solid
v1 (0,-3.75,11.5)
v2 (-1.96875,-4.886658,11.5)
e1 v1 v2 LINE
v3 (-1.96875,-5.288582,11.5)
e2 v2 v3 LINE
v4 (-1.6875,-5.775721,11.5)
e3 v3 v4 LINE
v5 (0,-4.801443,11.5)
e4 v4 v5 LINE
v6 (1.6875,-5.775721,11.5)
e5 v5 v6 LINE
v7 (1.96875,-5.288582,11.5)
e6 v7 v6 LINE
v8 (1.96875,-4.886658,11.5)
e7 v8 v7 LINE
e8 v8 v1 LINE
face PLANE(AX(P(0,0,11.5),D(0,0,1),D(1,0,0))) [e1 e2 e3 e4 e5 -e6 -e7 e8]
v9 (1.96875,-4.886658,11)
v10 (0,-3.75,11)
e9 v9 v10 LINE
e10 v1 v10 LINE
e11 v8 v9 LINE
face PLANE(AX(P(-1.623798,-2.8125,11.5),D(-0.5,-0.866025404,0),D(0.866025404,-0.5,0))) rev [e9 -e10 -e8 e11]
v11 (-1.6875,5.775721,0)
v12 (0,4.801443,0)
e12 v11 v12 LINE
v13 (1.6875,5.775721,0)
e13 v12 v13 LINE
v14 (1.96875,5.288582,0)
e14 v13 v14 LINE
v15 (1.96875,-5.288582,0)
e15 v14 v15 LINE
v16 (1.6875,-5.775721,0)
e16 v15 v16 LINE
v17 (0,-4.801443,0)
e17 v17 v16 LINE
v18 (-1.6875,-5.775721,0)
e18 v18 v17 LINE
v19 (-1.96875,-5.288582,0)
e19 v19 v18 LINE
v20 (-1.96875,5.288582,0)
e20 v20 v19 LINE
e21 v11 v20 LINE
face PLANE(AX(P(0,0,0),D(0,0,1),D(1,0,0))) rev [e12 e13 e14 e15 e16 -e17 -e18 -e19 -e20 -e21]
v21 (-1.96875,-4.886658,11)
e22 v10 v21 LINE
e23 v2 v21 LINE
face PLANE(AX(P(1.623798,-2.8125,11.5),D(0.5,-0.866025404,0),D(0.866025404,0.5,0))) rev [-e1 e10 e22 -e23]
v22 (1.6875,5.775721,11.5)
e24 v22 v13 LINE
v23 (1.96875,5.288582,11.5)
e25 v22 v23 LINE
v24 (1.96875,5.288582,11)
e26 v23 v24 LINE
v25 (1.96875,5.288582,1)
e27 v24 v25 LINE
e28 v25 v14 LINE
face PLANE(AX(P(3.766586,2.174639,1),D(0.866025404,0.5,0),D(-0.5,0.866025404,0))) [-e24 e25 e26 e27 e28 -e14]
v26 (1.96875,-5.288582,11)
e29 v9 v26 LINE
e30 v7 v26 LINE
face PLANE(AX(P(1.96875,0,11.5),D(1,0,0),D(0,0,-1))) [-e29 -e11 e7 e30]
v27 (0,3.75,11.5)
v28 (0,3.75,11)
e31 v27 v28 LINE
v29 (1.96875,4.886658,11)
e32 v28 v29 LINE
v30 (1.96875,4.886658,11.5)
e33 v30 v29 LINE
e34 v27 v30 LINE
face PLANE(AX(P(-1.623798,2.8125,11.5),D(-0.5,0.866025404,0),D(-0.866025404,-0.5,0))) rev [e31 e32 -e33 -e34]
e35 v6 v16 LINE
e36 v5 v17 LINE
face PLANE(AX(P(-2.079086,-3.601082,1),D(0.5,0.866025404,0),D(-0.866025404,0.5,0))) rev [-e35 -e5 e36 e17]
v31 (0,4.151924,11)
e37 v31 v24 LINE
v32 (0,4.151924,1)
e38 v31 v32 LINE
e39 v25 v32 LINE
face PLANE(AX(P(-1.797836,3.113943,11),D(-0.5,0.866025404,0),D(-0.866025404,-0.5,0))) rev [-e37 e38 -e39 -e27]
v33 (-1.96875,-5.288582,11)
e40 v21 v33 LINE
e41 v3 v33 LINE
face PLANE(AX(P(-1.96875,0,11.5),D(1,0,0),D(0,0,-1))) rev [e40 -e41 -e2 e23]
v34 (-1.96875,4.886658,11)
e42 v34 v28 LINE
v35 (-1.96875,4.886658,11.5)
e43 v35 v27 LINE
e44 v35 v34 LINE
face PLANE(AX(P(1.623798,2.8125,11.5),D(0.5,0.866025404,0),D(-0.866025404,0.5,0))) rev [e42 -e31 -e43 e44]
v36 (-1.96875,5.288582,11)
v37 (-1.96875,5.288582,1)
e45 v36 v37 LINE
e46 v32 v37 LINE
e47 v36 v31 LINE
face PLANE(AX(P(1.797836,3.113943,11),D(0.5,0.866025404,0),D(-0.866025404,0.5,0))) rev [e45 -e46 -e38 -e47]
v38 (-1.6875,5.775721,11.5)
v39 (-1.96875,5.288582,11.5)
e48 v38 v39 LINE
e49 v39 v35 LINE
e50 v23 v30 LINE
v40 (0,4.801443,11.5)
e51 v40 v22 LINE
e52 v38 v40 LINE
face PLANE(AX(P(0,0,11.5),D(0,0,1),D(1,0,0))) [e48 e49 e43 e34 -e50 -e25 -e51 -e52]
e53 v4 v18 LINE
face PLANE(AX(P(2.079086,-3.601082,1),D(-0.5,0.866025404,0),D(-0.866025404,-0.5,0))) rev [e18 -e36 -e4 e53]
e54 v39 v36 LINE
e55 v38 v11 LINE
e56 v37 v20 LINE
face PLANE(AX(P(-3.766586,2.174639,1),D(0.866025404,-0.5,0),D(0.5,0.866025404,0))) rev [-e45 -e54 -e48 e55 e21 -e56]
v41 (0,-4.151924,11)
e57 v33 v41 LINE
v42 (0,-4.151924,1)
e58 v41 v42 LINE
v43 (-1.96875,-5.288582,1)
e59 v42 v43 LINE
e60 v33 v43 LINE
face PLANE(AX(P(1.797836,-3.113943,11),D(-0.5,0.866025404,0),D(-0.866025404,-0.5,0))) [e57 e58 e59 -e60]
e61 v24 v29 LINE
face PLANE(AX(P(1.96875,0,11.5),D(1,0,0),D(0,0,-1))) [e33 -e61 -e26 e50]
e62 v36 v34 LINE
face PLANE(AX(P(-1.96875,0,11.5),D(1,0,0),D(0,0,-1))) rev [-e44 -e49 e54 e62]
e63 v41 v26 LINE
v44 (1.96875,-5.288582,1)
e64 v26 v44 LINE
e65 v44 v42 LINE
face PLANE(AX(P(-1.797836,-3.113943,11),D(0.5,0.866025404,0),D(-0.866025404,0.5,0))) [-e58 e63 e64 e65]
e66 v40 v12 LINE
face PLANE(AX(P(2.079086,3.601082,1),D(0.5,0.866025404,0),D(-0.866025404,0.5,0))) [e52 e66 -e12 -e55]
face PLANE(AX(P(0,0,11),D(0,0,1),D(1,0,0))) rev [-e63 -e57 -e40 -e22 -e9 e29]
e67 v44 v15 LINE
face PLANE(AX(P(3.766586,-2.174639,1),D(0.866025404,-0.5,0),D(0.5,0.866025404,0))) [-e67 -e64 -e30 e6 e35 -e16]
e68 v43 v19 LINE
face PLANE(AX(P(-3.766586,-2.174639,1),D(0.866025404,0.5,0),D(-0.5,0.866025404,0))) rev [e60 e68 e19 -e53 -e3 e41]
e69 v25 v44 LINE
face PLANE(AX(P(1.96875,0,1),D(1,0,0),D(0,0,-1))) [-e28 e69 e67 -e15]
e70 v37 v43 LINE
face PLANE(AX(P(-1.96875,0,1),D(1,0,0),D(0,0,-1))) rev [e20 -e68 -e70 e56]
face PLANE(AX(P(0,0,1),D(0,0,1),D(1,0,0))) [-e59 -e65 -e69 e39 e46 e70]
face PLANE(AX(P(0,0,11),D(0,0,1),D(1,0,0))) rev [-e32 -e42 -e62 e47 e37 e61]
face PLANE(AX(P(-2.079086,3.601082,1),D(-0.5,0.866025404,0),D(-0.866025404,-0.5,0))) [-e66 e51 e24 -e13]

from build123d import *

# Parameters (mm, degrees)
BOSS_EXTRUDE1_DEPTH = 1
BOSS_EXTRUDE2_DEPTH = 11
BOSS_EXTRUDE4_DEPTH = 0.5


with BuildPart() as part:
    # Sketch1 → Boss-Extrude1 (new body)
    with BuildSketch(Plane.XY):
        Polygon((0, 4.801442841), (1.6875, 5.775721421), (1.96875, 5.288582131), (1.96875, -5.288582131), (1.6875, -5.775721421), (0, -4.801442841), (-1.6875, -5.775721421), (-1.96875, -5.288582131), (-1.96875, 5.288582131), (-1.6875, 5.775721421), align=None)
    extrude(amount=BOSS_EXTRUDE1_DEPTH)

    # Sketch2 → Boss-Extrude2 (add)
    with BuildSketch(Plane.XY):
        Polygon((0, -4.801442841), (0, -4.151923789), (-1.96875, -5.288582131), (-1.6875, -5.775721421), align=None)
        Polygon((1.96875, -5.288582131), (0, -4.151923789), (0, -4.801442841), (1.6875, -5.775721421), align=None)
        Polygon((-1.96875, 5.288582131), (0, 4.151923789), (0, 4.801442841), (-1.6875, 5.775721421), align=None)
        Polygon((0, 4.801442841), (0, 4.151923789), (1.96875, 5.288582131), (1.6875, 5.775721421), align=None)
    extrude(amount=BOSS_EXTRUDE2_DEPTH)

    # Sketch5 → Boss-Extrude4 (add)
    with BuildSketch(Plane.XY.offset(11)):
        Polygon((1.96875, -4.886658342), (0, -3.75), (0, -4.151923789), (1.96875, -5.288582131), align=None)
        Polygon((1.96875, -5.288582131), (0, -4.151923789), (0, -4.801442841), (1.6875, -5.775721421), align=None)
        Polygon((0, -4.801442841), (0, -4.151923789), (-1.96875, -5.288582131), (-1.6875, -5.775721421), align=None)
        Polygon((0, -4.151923789), (0, -3.75), (-1.96875, -4.886658342), (-1.96875, -5.288582131), align=None)
        Polygon((0, 4.801442841), (0, 4.151923789), (1.96875, 5.288582131), (1.6875, 5.775721421), align=None)
        Polygon((0, 4.151923789), (0, 3.75), (1.96875, 4.886658342), (1.96875, 5.288582131), align=None)
        Polygon((-1.96875, 5.288582131), (0, 4.151923789), (0, 4.801442841), (-1.6875, 5.775721421), align=None)
        Polygon((-1.96875, 4.886658342), (0, 3.75), (0, 4.151923789), (-1.96875, 5.288582131), align=None)
    extrude(amount=BOSS_EXTRUDE4_DEPTH)


solid = part.part
